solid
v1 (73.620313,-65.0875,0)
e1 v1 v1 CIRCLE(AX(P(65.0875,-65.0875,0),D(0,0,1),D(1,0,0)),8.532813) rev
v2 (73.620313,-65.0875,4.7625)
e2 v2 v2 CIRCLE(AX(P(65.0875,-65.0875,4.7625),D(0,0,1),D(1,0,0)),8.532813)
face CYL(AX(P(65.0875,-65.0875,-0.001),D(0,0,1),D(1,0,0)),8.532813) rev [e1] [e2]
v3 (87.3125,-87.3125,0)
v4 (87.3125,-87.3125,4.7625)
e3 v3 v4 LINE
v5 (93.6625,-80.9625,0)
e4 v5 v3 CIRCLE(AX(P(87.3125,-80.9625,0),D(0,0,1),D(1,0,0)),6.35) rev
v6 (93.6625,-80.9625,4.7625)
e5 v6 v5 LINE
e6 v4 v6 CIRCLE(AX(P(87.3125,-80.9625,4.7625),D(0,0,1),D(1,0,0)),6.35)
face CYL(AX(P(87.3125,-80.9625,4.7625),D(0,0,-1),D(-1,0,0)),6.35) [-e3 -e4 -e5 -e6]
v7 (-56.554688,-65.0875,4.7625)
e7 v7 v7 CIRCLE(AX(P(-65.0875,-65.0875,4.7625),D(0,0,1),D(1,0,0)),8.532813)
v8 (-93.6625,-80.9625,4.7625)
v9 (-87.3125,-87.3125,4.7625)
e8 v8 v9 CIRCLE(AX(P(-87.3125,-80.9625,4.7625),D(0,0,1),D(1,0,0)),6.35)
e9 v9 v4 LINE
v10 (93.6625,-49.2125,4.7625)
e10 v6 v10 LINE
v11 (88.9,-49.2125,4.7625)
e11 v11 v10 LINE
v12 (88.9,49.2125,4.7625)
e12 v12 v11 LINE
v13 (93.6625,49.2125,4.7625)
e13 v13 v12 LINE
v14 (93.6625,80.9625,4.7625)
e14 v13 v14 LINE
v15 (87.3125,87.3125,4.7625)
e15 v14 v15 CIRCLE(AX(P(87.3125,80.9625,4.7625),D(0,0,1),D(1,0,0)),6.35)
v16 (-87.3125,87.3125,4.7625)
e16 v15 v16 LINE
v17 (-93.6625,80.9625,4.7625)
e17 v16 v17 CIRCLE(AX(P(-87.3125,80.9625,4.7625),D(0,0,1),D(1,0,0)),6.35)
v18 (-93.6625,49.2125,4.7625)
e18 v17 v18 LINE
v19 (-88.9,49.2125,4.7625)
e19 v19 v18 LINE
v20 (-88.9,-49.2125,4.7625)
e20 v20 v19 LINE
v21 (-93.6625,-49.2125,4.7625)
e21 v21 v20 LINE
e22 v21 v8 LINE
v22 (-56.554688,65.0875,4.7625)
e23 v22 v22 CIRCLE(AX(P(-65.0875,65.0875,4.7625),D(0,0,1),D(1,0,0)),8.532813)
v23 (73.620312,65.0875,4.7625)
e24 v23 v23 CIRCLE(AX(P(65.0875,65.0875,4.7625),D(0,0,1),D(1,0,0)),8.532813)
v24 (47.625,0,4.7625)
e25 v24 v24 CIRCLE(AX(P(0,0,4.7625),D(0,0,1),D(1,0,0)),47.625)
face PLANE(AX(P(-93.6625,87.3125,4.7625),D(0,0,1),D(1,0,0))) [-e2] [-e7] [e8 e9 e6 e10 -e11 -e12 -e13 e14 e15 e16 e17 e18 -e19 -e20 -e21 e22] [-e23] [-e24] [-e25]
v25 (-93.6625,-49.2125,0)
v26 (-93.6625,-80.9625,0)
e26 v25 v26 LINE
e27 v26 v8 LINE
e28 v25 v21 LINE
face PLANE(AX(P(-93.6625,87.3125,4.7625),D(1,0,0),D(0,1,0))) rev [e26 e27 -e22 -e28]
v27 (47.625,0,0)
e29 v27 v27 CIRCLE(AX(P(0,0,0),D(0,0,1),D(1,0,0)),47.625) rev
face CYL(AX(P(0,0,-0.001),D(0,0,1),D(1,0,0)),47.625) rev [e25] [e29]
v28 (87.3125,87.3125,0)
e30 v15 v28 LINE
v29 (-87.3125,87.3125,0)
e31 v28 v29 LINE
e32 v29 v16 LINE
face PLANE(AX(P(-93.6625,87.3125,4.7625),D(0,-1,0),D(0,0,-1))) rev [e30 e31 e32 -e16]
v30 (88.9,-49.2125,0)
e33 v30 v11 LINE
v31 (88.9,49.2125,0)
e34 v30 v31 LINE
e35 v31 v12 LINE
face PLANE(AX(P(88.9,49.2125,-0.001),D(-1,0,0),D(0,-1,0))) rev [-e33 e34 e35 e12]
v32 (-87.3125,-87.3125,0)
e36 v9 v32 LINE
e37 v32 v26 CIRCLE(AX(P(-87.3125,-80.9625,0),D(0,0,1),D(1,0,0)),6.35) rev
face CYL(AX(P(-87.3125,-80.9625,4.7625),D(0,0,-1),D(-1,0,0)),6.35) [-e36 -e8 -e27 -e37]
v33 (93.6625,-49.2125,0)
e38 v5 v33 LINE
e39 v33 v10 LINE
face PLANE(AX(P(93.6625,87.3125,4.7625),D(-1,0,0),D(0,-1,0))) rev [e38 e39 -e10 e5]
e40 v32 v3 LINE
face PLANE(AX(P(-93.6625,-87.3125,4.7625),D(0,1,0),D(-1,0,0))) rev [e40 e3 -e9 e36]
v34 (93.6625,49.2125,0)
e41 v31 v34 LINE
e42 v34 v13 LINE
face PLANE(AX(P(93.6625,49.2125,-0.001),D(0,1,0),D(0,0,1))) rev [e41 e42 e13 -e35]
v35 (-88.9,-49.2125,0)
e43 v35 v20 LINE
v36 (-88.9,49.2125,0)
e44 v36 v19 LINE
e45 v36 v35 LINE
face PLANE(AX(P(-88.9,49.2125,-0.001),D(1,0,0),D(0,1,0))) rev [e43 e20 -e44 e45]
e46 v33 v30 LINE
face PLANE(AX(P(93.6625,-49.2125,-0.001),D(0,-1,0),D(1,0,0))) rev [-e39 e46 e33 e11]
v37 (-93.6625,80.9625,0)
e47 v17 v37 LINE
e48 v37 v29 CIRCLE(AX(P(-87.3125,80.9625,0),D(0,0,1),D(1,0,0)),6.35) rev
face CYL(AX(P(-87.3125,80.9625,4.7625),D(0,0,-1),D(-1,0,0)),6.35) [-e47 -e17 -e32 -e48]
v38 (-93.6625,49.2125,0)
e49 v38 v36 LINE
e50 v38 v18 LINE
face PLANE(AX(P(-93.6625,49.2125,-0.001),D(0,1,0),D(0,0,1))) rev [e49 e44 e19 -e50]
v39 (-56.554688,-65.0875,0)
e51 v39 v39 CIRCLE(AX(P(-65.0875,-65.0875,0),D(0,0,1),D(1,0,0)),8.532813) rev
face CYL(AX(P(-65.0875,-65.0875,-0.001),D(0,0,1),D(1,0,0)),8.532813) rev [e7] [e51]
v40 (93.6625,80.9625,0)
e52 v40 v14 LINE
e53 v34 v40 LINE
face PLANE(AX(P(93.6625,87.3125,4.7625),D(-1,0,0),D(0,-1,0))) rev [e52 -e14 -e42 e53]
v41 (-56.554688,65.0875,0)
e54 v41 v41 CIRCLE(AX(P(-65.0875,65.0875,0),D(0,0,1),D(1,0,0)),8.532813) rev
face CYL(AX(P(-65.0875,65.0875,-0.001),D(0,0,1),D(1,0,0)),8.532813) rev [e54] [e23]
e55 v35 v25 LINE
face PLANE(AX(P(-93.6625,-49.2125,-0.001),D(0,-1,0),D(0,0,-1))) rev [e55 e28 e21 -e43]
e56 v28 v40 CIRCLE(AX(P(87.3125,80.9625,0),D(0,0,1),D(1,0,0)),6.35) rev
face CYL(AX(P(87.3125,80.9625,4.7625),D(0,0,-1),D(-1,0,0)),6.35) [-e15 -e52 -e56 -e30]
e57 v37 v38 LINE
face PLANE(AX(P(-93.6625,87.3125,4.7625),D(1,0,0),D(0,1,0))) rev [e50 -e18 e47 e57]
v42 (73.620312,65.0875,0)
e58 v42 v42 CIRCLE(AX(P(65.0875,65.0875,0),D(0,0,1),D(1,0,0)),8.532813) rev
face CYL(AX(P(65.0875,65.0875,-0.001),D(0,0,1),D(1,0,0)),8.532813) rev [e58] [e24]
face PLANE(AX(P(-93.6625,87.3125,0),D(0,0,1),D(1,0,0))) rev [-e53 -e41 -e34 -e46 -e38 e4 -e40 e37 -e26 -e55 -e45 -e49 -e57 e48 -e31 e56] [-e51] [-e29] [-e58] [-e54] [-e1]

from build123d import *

# Parameters (mm, degrees)
SKETCH1_W          = 187.325
SKETCH1_H          = 174.625
EXTRUDE1_DEPTH     = 4.7625
CUT_EXTRUDE1_REACH = 130.136
SKETCH2_W          = 4.7625
SKETCH2_H          = 98.425
FILLET1_R          = 6.35
CUT_EXTRUDE2_REACH = 130.136
SKETCH3_R          = 47.625
SKETCH3_R_2        = 8.5328125


with BuildPart() as part:
    # Sketch1 → Extrude1 (new body)
    with BuildSketch(Plane.XY):
        Rectangle(SKETCH1_W, SKETCH1_H)
    extrude(amount=EXTRUDE1_DEPTH)

    # Sketch2 → Cut-Extrude1 (cut, up to next)
    with BuildSketch(Plane.XY.offset(4.7625), mode=Mode.PRIVATE) as cut_extrude1_sk1:
        with Locations((-91.28125, 0)):
            Rectangle(SKETCH2_W, SKETCH2_H)
    cut_extrude1_tool1 = extrude(cut_extrude1_sk1.sketch, amount=-CUT_EXTRUDE1_REACH, mode=Mode.PRIVATE) & part.part
    # Sketch2 → Cut-Extrude1 (cut, up to next)
    with BuildSketch(Plane.XY.offset(4.7625), mode=Mode.PRIVATE) as cut_extrude1_sk2:
        with Locations((91.28125, 0)):
            Rectangle(SKETCH2_W, SKETCH2_H)
    cut_extrude1_tool2 = extrude(cut_extrude1_sk2.sketch, amount=-CUT_EXTRUDE1_REACH, mode=Mode.PRIVATE) & part.part
    add(cut_extrude1_tool1.solids().sort_by_distance((-91.28125, 0, 4.7625))[0], mode=Mode.SUBTRACT)
    add(cut_extrude1_tool2.solids().sort_by_distance((91.28125, 0, 4.7625))[0], mode=Mode.SUBTRACT)

    # Fillet1
    fillet1_edges = [part.edges().sort_by_distance(p)[0] for p in [
        (-93.6625, 87.3125, 2.38125),
        (93.6625, 87.3125, 2.38125),
        (93.6625, -87.3125, 2.38125),
        (-93.6625, -87.3125, 2.38125),
    ]]
    fillet(fillet1_edges, radius=FILLET1_R)

    # Sketch3 → Cut-Extrude2 (cut, up to next)
    with BuildSketch(Plane.XY.offset(4.7625), mode=Mode.PRIVATE) as cut_extrude2_sk1:
        Circle(SKETCH3_R)
    cut_extrude2_tool1 = extrude(cut_extrude2_sk1.sketch, amount=-CUT_EXTRUDE2_REACH, mode=Mode.PRIVATE) & part.part
    # Sketch3 → Cut-Extrude2 (cut, up to next)
    with BuildSketch(Plane.XY.offset(4.7625), mode=Mode.PRIVATE) as cut_extrude2_sk2:
        with Locations((-65.0875, 65.0875)):
            Circle(SKETCH3_R_2)
    cut_extrude2_tool2 = extrude(cut_extrude2_sk2.sketch, amount=-CUT_EXTRUDE2_REACH, mode=Mode.PRIVATE) & part.part
    # Sketch3 → Cut-Extrude2 (cut, up to next)
    with BuildSketch(Plane.XY.offset(4.7625), mode=Mode.PRIVATE) as cut_extrude2_sk3:
        with Locations((-65.0875, -65.0875)):
            Circle(SKETCH3_R_2)
    cut_extrude2_tool3 = extrude(cut_extrude2_sk3.sketch, amount=-CUT_EXTRUDE2_REACH, mode=Mode.PRIVATE) & part.part
    # Sketch3 → Cut-Extrude2 (cut, up to next)
    with BuildSketch(Plane.XY.offset(4.7625), mode=Mode.PRIVATE) as cut_extrude2_sk4:
        with Locations((65.0875, -65.0875)):
            Circle(SKETCH3_R_2)
    cut_extrude2_tool4 = extrude(cut_extrude2_sk4.sketch, amount=-CUT_EXTRUDE2_REACH, mode=Mode.PRIVATE) & part.part
    # Sketch3 → Cut-Extrude2 (cut, up to next)
    with BuildSketch(Plane.XY.offset(4.7625), mode=Mode.PRIVATE) as cut_extrude2_sk5:
        with Locations((65.0875, 65.0875)):
            Circle(SKETCH3_R_2)
    cut_extrude2_tool5 = extrude(cut_extrude2_sk5.sketch, amount=-CUT_EXTRUDE2_REACH, mode=Mode.PRIVATE) & part.part
    add(cut_extrude2_tool1.solids().sort_by_distance((0, 0, 4.7625))[0], mode=Mode.SUBTRACT)
    add(cut_extrude2_tool2.solids().sort_by_distance((-65.0875, 65.0875, 4.7625))[0], mode=Mode.SUBTRACT)
    add(cut_extrude2_tool3.solids().sort_by_distance((-65.0875, -65.0875, 4.7625))[0], mode=Mode.SUBTRACT)
    add(cut_extrude2_tool4.solids().sort_by_distance((65.0875, -65.0875, 4.7625))[0], mode=Mode.SUBTRACT)
    add(cut_extrude2_tool5.solids().sort_by_distance((65.0875, 65.0875, 4.7625))[0], mode=Mode.SUBTRACT)


solid = part.part
